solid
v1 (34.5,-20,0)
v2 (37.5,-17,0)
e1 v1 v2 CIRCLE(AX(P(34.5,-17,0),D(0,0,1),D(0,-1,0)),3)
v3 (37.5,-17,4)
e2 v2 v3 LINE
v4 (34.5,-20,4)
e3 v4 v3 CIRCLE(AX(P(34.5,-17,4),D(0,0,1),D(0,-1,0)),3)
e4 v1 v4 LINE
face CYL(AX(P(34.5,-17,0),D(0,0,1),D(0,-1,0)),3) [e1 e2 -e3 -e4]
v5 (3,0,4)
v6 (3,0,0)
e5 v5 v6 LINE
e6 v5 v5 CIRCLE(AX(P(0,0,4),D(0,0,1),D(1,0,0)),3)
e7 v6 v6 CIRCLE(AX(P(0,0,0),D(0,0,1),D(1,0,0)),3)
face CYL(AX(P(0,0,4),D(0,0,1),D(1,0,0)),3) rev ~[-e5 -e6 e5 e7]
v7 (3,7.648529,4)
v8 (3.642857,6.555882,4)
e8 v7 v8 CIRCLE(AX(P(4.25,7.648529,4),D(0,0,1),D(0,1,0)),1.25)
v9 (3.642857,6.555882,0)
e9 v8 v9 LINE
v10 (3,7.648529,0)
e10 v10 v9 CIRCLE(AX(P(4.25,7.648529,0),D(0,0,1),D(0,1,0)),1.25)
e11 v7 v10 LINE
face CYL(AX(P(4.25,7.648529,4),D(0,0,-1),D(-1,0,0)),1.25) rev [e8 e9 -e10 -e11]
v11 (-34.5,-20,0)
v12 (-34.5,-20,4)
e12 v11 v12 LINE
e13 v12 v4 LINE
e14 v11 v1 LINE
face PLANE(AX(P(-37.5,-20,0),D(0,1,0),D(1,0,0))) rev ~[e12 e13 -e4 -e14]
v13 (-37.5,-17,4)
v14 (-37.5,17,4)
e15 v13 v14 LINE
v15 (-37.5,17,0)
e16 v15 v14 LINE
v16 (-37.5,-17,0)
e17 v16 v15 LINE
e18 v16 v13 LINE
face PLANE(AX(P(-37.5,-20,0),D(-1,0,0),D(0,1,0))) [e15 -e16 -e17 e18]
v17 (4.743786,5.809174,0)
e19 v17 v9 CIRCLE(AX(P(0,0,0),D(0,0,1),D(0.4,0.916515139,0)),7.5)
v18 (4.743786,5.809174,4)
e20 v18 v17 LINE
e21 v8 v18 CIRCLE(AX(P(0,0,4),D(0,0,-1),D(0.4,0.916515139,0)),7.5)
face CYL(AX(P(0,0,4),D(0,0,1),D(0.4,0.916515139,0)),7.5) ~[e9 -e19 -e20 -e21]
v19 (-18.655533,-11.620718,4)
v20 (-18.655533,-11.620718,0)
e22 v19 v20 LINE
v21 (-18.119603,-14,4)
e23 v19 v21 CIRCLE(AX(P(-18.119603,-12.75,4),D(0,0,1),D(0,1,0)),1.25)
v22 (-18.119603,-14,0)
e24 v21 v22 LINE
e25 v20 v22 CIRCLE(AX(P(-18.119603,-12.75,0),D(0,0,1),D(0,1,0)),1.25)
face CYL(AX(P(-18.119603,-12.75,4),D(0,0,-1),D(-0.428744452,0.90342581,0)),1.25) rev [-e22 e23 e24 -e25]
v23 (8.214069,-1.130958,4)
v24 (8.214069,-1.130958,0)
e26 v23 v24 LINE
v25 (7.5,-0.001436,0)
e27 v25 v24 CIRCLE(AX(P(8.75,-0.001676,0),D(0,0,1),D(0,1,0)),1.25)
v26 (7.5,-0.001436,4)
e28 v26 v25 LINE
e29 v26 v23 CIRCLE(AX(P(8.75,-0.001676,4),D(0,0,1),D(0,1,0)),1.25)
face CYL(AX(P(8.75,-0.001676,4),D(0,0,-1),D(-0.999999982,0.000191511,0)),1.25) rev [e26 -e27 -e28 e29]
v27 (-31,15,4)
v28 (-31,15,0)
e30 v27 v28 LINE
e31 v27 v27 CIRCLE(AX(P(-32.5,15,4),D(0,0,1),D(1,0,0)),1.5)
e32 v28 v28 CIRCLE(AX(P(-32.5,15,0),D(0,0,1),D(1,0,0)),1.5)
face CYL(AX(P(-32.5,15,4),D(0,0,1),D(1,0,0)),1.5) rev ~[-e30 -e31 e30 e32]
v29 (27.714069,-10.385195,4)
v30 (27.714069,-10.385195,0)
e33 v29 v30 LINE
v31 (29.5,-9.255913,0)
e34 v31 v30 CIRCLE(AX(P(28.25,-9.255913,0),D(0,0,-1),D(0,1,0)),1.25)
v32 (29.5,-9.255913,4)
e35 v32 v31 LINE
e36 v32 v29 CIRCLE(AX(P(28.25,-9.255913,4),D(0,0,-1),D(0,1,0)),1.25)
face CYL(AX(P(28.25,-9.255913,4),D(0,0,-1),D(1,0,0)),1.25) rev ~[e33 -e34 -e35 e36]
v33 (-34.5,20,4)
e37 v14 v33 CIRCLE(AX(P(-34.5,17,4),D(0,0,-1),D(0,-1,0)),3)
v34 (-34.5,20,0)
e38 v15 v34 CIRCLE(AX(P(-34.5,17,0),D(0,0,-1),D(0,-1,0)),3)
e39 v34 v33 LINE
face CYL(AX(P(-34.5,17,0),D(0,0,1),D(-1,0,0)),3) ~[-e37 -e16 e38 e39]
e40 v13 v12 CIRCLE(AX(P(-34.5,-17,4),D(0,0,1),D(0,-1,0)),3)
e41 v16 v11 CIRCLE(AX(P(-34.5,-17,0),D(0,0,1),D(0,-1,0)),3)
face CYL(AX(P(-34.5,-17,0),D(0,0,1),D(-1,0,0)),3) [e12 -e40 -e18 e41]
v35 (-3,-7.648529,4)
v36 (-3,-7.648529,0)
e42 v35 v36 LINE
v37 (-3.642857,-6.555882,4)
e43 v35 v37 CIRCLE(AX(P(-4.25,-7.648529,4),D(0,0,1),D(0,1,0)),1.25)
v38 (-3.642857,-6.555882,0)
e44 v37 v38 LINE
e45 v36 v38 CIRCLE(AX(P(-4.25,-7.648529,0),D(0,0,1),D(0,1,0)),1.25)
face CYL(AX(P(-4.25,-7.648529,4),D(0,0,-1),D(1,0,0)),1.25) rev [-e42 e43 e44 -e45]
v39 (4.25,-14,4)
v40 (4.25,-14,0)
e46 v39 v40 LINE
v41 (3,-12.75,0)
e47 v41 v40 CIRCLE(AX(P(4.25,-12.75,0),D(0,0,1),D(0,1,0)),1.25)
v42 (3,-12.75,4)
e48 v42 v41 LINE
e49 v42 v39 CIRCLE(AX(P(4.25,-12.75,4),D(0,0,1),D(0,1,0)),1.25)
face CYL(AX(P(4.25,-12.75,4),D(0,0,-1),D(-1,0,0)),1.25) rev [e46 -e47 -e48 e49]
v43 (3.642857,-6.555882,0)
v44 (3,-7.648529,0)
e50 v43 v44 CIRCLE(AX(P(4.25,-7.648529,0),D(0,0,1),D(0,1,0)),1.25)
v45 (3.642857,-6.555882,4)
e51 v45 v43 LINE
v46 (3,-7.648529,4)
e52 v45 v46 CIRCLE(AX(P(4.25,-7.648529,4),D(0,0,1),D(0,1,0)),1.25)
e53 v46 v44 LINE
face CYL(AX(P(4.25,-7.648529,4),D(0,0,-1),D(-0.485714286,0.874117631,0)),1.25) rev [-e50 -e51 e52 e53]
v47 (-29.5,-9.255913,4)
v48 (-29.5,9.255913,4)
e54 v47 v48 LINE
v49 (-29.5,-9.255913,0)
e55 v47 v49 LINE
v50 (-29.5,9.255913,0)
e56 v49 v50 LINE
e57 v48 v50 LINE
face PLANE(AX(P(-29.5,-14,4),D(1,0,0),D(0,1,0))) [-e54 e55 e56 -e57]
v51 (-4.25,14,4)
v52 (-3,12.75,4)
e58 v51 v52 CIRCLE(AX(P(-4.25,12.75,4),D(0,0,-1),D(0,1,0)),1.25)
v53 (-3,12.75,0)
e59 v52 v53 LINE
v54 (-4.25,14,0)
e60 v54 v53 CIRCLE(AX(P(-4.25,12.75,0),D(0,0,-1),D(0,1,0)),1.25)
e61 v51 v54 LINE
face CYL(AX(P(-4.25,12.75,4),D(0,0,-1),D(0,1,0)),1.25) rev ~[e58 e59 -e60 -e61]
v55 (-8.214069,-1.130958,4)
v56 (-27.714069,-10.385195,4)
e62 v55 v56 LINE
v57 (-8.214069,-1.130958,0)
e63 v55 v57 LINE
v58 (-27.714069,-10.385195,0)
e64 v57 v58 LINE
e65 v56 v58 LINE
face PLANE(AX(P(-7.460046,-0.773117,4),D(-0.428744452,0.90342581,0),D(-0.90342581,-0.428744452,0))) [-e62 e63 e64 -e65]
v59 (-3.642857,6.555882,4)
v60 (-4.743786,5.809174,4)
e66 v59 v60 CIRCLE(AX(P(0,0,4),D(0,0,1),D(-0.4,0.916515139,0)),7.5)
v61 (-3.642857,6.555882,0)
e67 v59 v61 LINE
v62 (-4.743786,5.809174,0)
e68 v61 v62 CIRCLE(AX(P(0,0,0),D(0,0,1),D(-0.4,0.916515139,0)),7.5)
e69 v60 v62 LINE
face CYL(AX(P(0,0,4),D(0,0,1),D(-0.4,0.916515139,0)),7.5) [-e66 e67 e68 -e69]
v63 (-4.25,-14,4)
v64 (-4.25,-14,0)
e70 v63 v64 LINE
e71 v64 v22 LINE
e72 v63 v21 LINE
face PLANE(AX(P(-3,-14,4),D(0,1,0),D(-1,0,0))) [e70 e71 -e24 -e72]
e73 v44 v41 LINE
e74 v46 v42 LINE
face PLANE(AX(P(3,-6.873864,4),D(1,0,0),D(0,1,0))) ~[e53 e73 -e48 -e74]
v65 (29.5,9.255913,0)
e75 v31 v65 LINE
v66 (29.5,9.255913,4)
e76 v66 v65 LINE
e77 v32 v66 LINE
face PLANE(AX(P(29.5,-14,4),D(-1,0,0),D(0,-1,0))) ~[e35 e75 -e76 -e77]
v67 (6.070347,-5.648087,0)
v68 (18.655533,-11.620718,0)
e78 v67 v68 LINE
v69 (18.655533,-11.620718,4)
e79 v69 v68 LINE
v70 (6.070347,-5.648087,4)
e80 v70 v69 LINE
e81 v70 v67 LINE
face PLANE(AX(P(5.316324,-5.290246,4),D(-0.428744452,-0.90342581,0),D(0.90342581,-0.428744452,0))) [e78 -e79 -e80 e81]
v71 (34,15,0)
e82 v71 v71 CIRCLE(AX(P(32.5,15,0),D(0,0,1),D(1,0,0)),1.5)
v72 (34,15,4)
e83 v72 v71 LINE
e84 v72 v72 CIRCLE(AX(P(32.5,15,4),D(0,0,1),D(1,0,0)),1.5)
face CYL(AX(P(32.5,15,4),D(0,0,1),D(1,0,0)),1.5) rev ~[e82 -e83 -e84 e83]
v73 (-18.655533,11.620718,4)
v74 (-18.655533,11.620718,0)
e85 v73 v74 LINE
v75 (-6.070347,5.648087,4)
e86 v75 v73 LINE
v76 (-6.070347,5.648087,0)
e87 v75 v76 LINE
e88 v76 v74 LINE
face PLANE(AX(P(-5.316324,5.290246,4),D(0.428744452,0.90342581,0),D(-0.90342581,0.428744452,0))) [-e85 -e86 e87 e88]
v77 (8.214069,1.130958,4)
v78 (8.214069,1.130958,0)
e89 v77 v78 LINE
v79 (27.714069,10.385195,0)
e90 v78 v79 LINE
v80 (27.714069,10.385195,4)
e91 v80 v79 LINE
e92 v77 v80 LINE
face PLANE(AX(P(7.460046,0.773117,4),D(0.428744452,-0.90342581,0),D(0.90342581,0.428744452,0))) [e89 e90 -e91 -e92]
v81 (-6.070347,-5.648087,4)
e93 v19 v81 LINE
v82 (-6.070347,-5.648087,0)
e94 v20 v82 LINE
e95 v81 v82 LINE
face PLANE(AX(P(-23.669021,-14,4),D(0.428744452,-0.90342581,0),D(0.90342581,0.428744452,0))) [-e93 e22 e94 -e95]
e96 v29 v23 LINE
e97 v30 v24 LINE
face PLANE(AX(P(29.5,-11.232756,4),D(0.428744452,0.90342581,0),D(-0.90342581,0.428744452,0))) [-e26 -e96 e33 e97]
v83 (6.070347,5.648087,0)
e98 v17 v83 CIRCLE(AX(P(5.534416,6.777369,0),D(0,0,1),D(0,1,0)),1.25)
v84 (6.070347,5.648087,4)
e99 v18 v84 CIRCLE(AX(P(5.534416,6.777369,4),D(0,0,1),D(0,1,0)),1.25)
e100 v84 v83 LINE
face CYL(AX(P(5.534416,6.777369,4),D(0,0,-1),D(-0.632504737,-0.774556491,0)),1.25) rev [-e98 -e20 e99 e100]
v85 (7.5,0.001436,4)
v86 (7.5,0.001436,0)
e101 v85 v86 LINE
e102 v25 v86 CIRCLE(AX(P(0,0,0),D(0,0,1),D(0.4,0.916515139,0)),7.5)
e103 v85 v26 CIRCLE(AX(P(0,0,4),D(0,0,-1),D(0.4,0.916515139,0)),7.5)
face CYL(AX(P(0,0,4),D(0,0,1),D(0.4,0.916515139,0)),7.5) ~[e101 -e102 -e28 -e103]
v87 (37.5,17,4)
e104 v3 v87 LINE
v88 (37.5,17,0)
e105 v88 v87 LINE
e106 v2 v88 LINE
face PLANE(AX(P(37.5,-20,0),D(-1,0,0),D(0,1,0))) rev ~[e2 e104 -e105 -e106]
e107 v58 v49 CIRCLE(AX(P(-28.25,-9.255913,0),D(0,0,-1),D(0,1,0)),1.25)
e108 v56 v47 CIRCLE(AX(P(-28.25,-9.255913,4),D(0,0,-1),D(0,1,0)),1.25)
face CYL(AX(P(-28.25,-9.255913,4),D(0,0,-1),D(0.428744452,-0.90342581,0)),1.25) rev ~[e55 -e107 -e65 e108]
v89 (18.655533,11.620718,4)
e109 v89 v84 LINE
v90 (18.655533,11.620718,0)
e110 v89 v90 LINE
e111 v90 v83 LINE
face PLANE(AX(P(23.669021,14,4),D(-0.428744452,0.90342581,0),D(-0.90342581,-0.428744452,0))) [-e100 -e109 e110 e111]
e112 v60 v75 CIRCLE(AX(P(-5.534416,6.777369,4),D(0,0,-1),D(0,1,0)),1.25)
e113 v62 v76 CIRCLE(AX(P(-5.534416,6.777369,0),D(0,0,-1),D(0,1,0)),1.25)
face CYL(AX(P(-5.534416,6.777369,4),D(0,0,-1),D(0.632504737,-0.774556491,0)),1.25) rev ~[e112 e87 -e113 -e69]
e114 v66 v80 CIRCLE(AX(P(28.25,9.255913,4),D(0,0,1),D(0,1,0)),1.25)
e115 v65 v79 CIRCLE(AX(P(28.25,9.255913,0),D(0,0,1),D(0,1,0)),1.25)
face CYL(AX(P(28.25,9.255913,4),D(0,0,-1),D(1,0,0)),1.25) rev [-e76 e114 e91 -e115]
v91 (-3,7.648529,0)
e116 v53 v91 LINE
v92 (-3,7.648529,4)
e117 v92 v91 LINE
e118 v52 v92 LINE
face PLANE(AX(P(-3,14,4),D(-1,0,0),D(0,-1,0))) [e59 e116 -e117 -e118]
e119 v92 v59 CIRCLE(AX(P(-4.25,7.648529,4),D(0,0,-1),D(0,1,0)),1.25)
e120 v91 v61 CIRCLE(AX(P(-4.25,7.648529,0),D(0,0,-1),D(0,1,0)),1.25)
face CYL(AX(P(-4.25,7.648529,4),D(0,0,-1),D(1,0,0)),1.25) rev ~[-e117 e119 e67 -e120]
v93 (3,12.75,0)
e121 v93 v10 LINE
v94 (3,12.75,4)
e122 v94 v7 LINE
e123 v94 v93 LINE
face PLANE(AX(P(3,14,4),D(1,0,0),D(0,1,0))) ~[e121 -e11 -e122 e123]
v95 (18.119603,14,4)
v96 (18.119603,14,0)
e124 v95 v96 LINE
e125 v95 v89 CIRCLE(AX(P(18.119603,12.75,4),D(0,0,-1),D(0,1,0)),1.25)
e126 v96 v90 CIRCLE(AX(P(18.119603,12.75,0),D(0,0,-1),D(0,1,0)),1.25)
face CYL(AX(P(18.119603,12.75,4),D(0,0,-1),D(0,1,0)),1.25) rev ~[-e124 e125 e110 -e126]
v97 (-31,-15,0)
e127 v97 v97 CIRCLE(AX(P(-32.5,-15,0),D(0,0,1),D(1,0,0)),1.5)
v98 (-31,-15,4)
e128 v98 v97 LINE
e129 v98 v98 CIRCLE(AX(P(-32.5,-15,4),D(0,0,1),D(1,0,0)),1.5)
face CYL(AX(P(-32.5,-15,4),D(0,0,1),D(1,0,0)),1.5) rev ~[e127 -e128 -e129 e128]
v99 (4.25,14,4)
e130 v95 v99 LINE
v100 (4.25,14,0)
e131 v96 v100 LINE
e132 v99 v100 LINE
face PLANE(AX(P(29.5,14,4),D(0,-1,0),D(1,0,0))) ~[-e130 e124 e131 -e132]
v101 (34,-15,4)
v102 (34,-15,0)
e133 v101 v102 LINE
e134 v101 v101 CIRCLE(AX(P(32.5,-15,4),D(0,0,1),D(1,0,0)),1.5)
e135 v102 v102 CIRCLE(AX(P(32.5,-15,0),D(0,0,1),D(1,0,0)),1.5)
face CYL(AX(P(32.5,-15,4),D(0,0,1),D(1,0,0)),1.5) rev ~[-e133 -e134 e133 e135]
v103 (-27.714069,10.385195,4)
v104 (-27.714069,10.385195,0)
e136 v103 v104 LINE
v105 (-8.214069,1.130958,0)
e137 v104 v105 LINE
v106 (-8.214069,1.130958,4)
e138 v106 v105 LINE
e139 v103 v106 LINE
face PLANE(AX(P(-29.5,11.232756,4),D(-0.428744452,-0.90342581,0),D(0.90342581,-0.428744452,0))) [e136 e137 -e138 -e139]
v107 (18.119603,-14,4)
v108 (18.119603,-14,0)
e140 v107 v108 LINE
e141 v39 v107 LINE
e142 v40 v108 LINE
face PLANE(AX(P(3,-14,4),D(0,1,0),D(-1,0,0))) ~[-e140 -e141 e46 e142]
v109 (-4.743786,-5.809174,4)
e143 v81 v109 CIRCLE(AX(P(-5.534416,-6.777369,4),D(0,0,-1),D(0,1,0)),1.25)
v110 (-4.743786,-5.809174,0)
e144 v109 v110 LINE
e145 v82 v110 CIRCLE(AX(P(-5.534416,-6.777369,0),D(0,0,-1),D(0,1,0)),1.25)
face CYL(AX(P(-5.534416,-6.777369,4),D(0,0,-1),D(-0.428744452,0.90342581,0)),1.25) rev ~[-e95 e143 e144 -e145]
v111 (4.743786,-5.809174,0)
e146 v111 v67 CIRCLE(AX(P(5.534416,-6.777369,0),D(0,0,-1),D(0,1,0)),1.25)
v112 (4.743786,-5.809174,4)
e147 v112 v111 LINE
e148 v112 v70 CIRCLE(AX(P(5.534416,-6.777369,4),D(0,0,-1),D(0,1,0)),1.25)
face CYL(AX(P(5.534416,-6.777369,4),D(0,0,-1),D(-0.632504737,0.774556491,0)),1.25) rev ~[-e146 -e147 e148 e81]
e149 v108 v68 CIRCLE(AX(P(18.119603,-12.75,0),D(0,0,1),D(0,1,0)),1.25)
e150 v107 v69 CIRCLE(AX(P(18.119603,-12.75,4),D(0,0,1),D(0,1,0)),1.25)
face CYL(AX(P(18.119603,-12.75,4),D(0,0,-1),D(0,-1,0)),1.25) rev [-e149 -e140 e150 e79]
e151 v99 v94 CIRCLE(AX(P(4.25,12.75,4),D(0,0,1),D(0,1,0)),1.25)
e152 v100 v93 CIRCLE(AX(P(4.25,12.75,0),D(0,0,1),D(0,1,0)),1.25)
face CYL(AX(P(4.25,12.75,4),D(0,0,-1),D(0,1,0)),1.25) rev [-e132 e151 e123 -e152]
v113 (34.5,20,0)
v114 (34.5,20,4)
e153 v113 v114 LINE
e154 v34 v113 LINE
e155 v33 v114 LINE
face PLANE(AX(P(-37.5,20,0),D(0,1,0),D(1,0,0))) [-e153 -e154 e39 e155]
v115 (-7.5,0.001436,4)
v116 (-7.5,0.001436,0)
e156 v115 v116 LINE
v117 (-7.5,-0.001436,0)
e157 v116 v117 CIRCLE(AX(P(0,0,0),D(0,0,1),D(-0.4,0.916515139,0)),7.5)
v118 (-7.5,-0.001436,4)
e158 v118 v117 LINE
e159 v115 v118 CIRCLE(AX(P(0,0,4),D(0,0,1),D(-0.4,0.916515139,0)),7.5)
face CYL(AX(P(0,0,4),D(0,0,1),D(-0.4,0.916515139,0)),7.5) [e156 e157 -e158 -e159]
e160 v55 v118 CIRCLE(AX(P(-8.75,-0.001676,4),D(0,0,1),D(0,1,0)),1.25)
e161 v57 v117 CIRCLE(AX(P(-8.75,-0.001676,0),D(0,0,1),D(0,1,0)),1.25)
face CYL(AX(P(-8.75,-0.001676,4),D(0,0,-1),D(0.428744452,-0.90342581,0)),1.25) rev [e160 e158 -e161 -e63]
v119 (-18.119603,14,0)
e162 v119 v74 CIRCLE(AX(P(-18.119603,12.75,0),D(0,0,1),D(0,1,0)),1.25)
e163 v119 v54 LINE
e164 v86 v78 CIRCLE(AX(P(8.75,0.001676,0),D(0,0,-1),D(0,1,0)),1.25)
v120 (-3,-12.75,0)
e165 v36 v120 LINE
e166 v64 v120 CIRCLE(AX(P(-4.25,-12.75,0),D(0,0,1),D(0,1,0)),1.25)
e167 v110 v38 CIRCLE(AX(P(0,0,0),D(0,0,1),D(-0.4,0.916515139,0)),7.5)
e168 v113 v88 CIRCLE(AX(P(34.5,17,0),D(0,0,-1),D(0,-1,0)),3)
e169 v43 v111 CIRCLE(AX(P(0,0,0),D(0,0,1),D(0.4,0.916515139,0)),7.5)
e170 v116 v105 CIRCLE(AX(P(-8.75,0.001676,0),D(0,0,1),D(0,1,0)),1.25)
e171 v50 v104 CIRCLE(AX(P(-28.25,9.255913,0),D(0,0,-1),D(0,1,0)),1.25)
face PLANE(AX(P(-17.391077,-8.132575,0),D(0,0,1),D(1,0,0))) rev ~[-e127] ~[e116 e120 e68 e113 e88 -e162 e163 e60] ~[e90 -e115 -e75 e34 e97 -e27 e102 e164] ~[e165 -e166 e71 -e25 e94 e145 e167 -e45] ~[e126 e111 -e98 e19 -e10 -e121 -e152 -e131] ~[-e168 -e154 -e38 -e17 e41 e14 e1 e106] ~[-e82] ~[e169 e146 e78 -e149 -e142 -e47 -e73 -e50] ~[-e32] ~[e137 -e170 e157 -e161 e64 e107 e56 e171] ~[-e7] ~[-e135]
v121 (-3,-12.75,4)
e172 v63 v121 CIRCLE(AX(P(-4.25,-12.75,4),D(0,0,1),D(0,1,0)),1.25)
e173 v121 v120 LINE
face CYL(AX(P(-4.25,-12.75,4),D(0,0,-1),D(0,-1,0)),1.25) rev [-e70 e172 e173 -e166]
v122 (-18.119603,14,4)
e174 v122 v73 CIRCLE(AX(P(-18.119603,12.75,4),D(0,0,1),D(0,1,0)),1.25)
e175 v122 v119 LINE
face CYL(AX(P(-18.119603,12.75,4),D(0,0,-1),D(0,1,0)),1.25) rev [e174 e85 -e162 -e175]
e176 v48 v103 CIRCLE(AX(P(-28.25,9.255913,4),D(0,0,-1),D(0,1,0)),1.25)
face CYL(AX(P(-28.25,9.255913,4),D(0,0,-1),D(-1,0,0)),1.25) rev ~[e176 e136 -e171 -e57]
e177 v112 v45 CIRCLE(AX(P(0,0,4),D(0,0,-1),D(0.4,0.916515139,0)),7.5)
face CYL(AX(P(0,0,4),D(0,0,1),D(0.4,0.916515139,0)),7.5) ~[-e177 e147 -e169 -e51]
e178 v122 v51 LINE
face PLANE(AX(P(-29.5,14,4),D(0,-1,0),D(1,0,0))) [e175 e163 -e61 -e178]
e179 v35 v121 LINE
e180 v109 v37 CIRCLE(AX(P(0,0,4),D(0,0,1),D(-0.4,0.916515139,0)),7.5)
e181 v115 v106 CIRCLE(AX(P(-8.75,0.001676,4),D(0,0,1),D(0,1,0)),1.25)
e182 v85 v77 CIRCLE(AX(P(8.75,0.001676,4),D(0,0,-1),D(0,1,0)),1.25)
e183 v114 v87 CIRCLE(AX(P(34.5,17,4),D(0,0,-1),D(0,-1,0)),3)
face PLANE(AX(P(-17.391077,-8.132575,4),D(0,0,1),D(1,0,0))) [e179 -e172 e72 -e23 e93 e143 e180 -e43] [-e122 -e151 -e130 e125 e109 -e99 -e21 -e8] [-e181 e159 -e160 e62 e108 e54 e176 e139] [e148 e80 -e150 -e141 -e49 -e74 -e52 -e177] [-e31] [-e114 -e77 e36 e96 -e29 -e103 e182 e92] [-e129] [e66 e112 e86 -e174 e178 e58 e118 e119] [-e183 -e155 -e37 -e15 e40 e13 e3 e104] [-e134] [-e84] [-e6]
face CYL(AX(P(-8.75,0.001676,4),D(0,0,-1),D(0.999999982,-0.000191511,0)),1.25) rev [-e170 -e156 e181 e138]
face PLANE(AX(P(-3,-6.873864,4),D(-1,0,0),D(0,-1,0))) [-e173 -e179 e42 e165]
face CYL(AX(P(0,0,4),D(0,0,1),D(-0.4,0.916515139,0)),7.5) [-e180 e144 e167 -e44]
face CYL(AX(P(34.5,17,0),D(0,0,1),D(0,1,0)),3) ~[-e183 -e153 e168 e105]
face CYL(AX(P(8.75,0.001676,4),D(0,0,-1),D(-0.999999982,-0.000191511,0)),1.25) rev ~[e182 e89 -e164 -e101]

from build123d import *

# Parameters (mm, degrees)
SKETCH_1_W          = 75
SKETCH_1_H          = 40
EXTRUDE_1_DEPTH     = 4
SKETCH_3_R          = 3
CUT_EXTRUDE_1_DEPTH = 4
SKETCH_4_R          = 1.5
CUT_EXTRUDE_2_DEPTH = 10
FILLET_1_R          = 3
CUT_EXTRUDE_3_DEPTH = 10
EXTRUDE_2_DEPTH     = 4
FILLET_2_R          = 1.25


with BuildPart() as part:
    # 草图1 → 凸台-拉伸1 (new body)
    with BuildSketch(Plane.XY):
        Rectangle(SKETCH_1_W, SKETCH_1_H)
    extrude(amount=EXTRUDE_1_DEPTH)

    # 草图3 → 切除-拉伸1 (cut)
    with BuildSketch(Plane.XY.offset(4)):
        Circle(SKETCH_3_R)
    extrude(amount=-CUT_EXTRUDE_1_DEPTH, mode=Mode.SUBTRACT)

    # 草图4 → 切除-拉伸2 (cut)
    with BuildSketch(Plane.XY.offset(4)):
        with Locations((32.5, 15)):
            Circle(SKETCH_4_R)
        with Locations((-32.5, 15)):
            Circle(SKETCH_4_R)
        with Locations((-32.5, -15)):
            Circle(SKETCH_4_R)
        with Locations((32.5, -15)):
            Circle(SKETCH_4_R)
    extrude(amount=-CUT_EXTRUDE_2_DEPTH, mode=Mode.SUBTRACT)

    # 圆角1
    fillet_1_edges = [part.edges().sort_by_distance(p)[0] for p in [
        (37.5, -20, 2),
        (-37.5, -20, 2),
        (-37.5, 20, 2),
        (37.5, 20, 2),
    ]]
    fillet(fillet_1_edges, radius=FILLET_1_R)

    # 草图5 → 切除-拉伸3 (cut)
    with BuildSketch(Plane.XY.offset(4)):
        with BuildLine():
            Line((-29.5, 14), (-3, 14))
            Line((-3, 14), (-3, 6.873863542))
            ThreePointArc((-3, 6.873863542), (-7.5, 0), (-3, -6.873863542))
            Line((-3, -6.873863542), (-3, -14))
            Line((-3, -14), (-29.5, -14))
            Line((-29.5, -14), (-29.5, 14))
        make_face()
    cut_extrude_3 = extrude(amount=-CUT_EXTRUDE_3_DEPTH, mode=Mode.SUBTRACT)

    # 镜向1: 切除-拉伸3 across plane
    add(cut_extrude_3.mirror(Plane(origin=(0, 0, 0), x_dir=(0, 0, 1), z_dir=(1, 0, 0))), mode=Mode.SUBTRACT)

    # 草图6 → 凸台-拉伸2 (add)
    with BuildSketch(Plane.XY.offset(4)):
        with BuildLine():
            Line((-7.460046298, -0.773116571), (-29.5, -11.232755616))
            Line((-29.5, -11.232755616), (-29.5, -14))
            Line((-29.5, -14), (-23.669020762, -14))
            Line((-23.669020762, -14), (-5.316324036, -5.290245622))
            ThreePointArc((-5.316324036, -5.290245622), (-6.775693577, -3.215583392), (-7.460046298, -0.773116571))
        make_face()
        with BuildLine():
            Line((-29.5, 14), (-29.5, 11.232755616))
            Line((-29.5, 11.232755616), (-7.460046298, 0.773116571))
            ThreePointArc((-7.460046298, 0.773116571), (-6.775693577, 3.215583392), (-5.316324036, 5.290245622))
            Line((-5.316324036, 5.290245622), (-23.669020762, 14))
            Line((-23.669020762, 14), (-29.5, 14))
        make_face()
        with BuildLine():
            Line((23.669020762, 14), (5.316324036, 5.290245622))
            ThreePointArc((5.316324036, 5.290245622), (6.775693577, 3.215583392), (7.460046298, 0.773116571))
            Line((7.460046298, 0.773116571), (29.5, 11.232755616))
            Line((29.5, 11.232755616), (29.5, 14))
            Line((29.5, 14), (23.669020762, 14))
        make_face()
        with BuildLine():
            ThreePointArc((7.460046298, -0.773116571), (6.775693577, -3.215583392), (5.316324036, -5.290245622))
            Line((5.316324036, -5.290245622), (23.669020762, -14))
            Line((23.669020762, -14), (29.5, -14))
            Line((29.5, -14), (29.5, -11.232755616))
            Line((29.5, -11.232755616), (7.460046298, -0.773116571))
        make_face()
    extrude(amount=-EXTRUDE_2_DEPTH)

    # 圆角2
    fillet_2_edges = [part.edges().sort_by_distance(p)[0] for p in [
        (3, -14, 2),
        (3, -6.873863542, 2),
        (3, 6.873863542, 2),
        (3, 14, 2),
        (-29.5, -11.232755616, 2),
        (-7.460046298, -0.773116571, 2),
        (-5.316324036, -5.290245622, 2),
        (-23.669020762, -14, 2),
        (-23.669020762, 14, 2),
        (-5.316324036, 5.290245622, 2),
        (-7.460046298, 0.773116571, 2),
        (-29.5, 11.232755616, 2),
        (5.316324036, 5.290245622, 2),
        (23.669020762, 14, 2),
        (29.5, 11.232755616, 2),
        (7.460046298, 0.773116571, 2),
        (7.460046298, -0.773116571, 2),
        (29.5, -11.232755616, 2),
        (23.669020762, -14, 2),
        (5.316324036, -5.290245622, 2),
        (-3, 14, 2),
        (-3, 6.873863542, 2),
        (-3, -6.873863542, 2),
        (-3, -14, 2),
    ]]
    fillet(fillet_2_edges, radius=FILLET_2_R)


solid = part.part
